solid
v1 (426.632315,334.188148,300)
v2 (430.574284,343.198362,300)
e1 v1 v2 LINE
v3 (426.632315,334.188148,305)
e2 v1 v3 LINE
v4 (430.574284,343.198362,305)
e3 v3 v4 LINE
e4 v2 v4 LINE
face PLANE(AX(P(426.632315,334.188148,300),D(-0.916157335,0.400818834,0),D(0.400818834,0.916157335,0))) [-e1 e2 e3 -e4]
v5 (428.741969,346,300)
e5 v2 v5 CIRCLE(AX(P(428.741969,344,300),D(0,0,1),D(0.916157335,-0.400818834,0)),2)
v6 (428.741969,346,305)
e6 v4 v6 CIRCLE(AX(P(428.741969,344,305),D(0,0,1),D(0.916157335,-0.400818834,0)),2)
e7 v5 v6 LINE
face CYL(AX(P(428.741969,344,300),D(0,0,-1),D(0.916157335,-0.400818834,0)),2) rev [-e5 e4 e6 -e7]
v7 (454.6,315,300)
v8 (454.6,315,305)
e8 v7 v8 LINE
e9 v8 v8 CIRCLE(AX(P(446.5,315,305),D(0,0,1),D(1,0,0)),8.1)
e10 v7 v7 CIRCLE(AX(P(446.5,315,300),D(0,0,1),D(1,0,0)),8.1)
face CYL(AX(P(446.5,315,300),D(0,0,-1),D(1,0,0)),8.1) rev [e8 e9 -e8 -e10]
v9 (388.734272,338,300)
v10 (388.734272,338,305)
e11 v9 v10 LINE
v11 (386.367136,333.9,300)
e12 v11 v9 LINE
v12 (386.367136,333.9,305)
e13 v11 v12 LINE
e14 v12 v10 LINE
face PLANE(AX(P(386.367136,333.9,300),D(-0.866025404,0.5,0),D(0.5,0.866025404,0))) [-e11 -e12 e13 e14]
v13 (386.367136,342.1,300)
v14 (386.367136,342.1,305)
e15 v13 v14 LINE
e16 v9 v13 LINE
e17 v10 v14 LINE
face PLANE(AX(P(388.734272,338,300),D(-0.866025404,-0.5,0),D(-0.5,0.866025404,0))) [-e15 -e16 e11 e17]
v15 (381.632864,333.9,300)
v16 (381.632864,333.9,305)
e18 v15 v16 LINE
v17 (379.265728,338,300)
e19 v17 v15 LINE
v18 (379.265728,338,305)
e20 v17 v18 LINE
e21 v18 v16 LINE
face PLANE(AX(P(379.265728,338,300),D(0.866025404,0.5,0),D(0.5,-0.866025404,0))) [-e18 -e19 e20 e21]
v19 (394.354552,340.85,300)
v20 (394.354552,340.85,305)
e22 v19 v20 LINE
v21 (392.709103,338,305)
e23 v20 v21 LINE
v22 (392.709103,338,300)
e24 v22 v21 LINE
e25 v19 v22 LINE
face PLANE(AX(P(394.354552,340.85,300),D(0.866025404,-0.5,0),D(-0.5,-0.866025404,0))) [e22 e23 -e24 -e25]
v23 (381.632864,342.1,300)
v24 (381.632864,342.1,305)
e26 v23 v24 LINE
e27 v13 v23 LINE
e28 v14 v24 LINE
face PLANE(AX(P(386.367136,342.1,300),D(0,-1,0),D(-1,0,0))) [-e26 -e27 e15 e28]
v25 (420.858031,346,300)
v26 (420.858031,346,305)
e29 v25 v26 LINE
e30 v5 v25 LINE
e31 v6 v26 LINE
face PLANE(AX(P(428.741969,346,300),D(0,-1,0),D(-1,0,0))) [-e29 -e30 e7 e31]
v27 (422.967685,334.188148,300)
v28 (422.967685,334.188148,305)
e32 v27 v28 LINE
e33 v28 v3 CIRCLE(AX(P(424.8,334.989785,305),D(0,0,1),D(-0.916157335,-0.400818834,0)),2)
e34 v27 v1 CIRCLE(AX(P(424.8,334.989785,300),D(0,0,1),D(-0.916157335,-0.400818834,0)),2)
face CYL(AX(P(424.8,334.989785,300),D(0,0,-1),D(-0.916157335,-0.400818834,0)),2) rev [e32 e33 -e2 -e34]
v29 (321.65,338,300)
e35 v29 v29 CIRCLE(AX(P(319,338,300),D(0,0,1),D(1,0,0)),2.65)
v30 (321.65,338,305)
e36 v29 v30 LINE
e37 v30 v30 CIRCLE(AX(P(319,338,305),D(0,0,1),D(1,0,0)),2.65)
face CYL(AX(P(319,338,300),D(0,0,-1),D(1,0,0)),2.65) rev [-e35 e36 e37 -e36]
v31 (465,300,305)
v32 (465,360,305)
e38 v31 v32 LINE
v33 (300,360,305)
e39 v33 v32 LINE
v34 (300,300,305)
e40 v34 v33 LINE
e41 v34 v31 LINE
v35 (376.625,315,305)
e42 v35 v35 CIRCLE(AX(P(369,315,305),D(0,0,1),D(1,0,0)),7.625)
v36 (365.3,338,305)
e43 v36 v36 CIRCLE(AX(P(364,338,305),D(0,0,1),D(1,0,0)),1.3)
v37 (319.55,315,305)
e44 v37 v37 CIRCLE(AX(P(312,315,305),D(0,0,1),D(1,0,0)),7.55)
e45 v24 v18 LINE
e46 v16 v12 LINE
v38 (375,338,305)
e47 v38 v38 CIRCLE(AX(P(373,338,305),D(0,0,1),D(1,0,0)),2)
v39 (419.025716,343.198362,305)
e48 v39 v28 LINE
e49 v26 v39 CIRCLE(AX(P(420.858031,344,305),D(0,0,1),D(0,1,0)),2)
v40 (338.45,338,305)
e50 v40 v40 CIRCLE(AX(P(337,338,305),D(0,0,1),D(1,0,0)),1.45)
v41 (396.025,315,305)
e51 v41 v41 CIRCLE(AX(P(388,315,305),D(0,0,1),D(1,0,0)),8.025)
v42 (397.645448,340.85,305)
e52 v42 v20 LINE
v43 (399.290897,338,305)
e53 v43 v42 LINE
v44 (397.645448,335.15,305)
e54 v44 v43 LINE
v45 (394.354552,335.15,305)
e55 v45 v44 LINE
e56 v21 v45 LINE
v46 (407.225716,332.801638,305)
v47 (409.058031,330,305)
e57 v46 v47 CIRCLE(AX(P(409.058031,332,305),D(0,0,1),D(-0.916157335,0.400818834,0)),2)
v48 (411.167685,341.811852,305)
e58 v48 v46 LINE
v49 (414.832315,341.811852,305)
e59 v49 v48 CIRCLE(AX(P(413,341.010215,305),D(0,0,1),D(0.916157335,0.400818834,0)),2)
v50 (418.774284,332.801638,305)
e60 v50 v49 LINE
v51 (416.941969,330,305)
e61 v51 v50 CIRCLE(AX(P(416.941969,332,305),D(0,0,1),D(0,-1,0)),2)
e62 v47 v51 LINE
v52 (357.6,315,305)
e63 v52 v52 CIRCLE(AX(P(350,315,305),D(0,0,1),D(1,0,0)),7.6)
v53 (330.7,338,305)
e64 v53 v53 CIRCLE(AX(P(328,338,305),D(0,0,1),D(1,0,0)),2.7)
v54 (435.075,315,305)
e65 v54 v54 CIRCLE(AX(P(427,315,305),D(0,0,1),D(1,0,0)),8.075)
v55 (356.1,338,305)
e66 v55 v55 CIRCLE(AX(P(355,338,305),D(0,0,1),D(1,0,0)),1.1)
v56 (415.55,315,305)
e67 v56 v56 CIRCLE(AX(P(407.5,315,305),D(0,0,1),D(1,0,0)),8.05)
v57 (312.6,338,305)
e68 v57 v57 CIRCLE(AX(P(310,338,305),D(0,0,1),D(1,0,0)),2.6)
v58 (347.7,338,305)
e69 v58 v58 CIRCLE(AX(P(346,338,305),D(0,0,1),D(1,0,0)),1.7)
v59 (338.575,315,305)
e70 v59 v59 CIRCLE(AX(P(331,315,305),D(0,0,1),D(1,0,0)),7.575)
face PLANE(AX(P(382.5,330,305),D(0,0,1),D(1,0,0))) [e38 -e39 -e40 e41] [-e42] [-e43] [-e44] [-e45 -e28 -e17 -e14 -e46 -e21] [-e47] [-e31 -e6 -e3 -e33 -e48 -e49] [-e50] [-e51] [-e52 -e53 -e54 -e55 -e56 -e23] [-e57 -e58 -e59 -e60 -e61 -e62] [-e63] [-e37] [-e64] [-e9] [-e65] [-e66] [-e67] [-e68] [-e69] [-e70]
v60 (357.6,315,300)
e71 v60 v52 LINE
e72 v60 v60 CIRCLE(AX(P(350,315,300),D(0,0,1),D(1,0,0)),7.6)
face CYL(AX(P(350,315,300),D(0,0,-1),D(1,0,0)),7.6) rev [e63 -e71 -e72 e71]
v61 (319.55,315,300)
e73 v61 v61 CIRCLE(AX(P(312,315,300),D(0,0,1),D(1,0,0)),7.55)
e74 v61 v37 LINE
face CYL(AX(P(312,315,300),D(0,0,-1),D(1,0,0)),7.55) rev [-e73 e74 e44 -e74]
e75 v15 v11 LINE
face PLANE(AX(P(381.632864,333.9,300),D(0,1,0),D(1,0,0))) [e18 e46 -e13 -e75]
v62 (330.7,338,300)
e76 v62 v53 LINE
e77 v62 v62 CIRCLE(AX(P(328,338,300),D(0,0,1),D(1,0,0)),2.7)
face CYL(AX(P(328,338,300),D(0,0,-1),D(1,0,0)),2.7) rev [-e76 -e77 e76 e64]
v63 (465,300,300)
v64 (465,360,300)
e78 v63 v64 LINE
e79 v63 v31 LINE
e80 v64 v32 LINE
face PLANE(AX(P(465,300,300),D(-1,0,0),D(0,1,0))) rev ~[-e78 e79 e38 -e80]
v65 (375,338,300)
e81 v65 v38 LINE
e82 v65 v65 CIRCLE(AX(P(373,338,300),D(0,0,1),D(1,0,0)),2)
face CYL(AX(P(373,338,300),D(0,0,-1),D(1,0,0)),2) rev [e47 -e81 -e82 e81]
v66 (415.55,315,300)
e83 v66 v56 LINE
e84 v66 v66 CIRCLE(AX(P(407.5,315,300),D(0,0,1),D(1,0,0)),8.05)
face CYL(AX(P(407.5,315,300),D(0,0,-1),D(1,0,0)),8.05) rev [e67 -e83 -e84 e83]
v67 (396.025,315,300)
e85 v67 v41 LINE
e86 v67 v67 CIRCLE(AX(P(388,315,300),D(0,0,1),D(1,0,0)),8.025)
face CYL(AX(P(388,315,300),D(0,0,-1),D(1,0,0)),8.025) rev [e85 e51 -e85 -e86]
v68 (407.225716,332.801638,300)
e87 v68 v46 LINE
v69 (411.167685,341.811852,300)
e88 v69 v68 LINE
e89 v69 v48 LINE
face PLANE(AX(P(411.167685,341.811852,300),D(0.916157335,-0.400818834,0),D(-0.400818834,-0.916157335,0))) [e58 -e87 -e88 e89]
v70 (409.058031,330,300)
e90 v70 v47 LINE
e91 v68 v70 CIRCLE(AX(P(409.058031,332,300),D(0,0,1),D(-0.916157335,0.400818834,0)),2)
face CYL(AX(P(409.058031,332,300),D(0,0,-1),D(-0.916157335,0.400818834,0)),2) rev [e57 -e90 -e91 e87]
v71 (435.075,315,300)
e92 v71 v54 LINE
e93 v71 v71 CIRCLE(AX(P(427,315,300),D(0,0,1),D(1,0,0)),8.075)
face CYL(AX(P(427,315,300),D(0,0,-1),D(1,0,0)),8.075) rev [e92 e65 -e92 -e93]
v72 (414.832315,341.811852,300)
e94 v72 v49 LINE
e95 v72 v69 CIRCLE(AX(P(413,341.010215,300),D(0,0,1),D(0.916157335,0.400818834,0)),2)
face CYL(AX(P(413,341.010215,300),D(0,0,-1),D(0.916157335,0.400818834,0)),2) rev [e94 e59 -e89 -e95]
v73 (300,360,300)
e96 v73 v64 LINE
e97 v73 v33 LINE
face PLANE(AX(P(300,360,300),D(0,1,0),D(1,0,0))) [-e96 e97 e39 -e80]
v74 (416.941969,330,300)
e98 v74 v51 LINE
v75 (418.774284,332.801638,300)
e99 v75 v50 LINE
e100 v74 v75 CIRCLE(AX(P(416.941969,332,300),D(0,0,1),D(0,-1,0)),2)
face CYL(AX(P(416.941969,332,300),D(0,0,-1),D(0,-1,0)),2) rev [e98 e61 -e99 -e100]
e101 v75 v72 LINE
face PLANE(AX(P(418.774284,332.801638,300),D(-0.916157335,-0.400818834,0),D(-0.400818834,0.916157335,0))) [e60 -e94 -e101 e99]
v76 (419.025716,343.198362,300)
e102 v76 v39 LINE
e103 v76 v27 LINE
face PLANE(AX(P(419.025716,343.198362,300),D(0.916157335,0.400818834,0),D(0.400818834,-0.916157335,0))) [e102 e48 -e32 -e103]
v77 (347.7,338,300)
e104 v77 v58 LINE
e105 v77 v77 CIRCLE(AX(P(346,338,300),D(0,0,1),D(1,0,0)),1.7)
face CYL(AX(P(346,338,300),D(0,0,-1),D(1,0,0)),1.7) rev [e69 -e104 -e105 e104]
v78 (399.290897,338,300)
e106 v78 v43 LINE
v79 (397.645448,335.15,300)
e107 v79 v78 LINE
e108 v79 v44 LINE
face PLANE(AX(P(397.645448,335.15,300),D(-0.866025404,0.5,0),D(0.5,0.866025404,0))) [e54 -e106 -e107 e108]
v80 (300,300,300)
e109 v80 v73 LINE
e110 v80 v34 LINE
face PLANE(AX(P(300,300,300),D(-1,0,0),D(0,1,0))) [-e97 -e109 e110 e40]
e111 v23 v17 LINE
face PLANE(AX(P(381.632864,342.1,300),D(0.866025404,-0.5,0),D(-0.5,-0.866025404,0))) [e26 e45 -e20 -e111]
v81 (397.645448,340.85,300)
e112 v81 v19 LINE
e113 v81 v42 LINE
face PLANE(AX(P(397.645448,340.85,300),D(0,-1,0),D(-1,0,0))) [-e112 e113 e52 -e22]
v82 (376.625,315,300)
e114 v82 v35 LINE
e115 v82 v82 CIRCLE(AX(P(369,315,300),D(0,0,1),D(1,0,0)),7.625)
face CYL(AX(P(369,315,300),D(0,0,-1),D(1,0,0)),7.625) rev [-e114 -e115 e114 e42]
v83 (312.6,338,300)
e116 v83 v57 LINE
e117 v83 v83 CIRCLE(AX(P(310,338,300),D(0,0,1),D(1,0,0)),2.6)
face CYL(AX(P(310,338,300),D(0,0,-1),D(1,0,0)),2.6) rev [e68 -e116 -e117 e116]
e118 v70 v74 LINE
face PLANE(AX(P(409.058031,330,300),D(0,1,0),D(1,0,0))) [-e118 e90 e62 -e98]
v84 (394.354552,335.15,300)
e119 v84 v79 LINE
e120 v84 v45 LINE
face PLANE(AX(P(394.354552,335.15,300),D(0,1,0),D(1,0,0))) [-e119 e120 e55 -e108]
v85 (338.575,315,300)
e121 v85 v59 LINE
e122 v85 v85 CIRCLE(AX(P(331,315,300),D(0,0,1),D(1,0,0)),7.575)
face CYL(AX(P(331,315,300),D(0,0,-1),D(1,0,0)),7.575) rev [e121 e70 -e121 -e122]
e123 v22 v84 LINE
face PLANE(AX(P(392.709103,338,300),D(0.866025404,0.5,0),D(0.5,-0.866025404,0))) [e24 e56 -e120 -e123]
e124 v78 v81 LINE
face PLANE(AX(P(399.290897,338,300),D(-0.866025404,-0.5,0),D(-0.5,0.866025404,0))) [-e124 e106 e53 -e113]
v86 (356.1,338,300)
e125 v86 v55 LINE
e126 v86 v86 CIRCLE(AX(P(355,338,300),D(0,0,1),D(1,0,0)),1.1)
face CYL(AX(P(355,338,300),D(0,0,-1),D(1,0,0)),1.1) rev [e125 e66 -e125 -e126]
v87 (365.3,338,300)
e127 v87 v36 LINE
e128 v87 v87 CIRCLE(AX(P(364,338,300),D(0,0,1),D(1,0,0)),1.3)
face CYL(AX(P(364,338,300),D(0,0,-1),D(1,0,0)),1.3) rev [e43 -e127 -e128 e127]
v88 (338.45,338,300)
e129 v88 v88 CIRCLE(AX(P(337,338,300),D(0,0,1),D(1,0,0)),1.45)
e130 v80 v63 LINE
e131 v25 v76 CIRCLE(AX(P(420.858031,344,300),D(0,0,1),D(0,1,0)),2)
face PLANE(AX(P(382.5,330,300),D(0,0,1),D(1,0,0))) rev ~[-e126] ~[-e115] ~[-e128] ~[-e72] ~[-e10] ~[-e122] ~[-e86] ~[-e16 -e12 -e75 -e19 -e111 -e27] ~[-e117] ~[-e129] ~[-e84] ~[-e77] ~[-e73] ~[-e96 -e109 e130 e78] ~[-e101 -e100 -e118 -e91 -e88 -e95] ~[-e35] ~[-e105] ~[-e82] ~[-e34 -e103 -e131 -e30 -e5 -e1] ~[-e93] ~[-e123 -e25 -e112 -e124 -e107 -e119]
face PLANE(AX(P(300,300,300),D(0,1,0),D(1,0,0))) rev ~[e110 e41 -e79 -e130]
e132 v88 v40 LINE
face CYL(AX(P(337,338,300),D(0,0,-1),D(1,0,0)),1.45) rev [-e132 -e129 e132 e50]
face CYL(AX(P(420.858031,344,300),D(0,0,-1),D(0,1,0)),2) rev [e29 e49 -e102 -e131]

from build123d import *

# Parameters (mm, degrees)
SKETCH1_W           = 165
SKETCH1_H           = 60
SKETCH1_R           = 7.55
SKETCH1_R_2         = 7.575
SKETCH1_R_3         = 7.6
SKETCH1_R_4         = 7.625
SKETCH1_R_5         = 8.025
SKETCH1_R_6         = 8.05
SKETCH1_R_7         = 8.075
SKETCH1_R_8         = 8.1
SKETCH1_R_9         = 2.6
SKETCH1_R_10        = 2.65
SKETCH1_R_11        = 2.7
SKETCH1_R_12        = 1.45
SKETCH1_R_13        = 1.7
SKETCH1_R_14        = 1.1
SKETCH1_R_15        = 1.3
SKETCH1_R_16        = 2
BOSS_EXTRUDE1_DEPTH = 5


with BuildPart() as part:
    # Sketch1 → Boss-Extrude1 (new body)
    with BuildSketch(Plane.XY.offset(300)):
        with Locations((382.5, 330)):
            Rectangle(SKETCH1_W, SKETCH1_H)
        with Locations((312, 315)):
            Circle(SKETCH1_R, mode=Mode.SUBTRACT)
        with Locations((331, 315)):
            Circle(SKETCH1_R_2, mode=Mode.SUBTRACT)
        with Locations((350, 315)):
            Circle(SKETCH1_R_3, mode=Mode.SUBTRACT)
        with Locations((369, 315)):
            Circle(SKETCH1_R_4, mode=Mode.SUBTRACT)
        with Locations((388, 315)):
            Circle(SKETCH1_R_5, mode=Mode.SUBTRACT)
        with Locations((407.5, 315)):
            Circle(SKETCH1_R_6, mode=Mode.SUBTRACT)
        with Locations((427, 315)):
            Circle(SKETCH1_R_7, mode=Mode.SUBTRACT)
        with Locations((446.5, 315)):
            Circle(SKETCH1_R_8, mode=Mode.SUBTRACT)
        with Locations((310, 338)):
            Circle(SKETCH1_R_9, mode=Mode.SUBTRACT)
        with Locations((319, 338)):
            Circle(SKETCH1_R_10, mode=Mode.SUBTRACT)
        with Locations((328, 338)):
            Circle(SKETCH1_R_11, mode=Mode.SUBTRACT)
        with Locations((337, 338)):
            Circle(SKETCH1_R_12, mode=Mode.SUBTRACT)
        with Locations((346, 338)):
            Circle(SKETCH1_R_13, mode=Mode.SUBTRACT)
        with Locations((355, 338)):
            Circle(SKETCH1_R_14, mode=Mode.SUBTRACT)
        with Locations((364, 338)):
            Circle(SKETCH1_R_15, mode=Mode.SUBTRACT)
        with Locations((373, 338)):
            Circle(SKETCH1_R_16, mode=Mode.SUBTRACT)
        Polygon((388.734272207, 338), (386.367136104, 342.1), (381.632863896, 342.1), (379.265727793, 338), (381.632863896, 333.9), (386.367136104, 333.9), align=None, mode=Mode.SUBTRACT)
        Polygon((399.290896534, 338), (397.645448267, 340.85), (394.354551733, 340.85), (392.709103466, 338), (394.354551733, 335.15), (397.645448267, 335.15), align=None, mode=Mode.SUBTRACT)
        with BuildLine():
            Line((409.05803115, 330), (416.94196885, 330))
            ThreePointArc((416.94196885, 330), (418.615778179, 330.90530263), (418.77428352, 332.801637668))
            Line((418.77428352, 332.801637668), (414.83231467, 341.811852183))
            ThreePointArc((414.83231467, 341.811852183), (413, 343.010214515), (411.16768533, 341.811852183))
            Line((411.16768533, 341.811852183), (407.22571648, 332.801637668))
            ThreePointArc((407.22571648, 332.801637668), (407.384221821, 330.90530263), (409.05803115, 330))
        make_face(mode=Mode.SUBTRACT)
        with BuildLine():
            Line((426.63231467, 334.188147817), (430.57428352, 343.198362332))
            ThreePointArc((430.57428352, 343.198362332), (430.415778179, 345.09469737), (428.74196885, 346))
            Line((428.74196885, 346), (420.85803115, 346))
            ThreePointArc((420.85803115, 346), (419.184221821, 345.09469737), (419.02571648, 343.198362332))
            Line((419.02571648, 343.198362332), (422.96768533, 334.188147817))
            ThreePointArc((422.96768533, 334.188147817), (424.8, 332.989785485), (426.63231467, 334.188147817))
        make_face(mode=Mode.SUBTRACT)
    extrude(amount=BOSS_EXTRUDE1_DEPTH)


solid = part.part
